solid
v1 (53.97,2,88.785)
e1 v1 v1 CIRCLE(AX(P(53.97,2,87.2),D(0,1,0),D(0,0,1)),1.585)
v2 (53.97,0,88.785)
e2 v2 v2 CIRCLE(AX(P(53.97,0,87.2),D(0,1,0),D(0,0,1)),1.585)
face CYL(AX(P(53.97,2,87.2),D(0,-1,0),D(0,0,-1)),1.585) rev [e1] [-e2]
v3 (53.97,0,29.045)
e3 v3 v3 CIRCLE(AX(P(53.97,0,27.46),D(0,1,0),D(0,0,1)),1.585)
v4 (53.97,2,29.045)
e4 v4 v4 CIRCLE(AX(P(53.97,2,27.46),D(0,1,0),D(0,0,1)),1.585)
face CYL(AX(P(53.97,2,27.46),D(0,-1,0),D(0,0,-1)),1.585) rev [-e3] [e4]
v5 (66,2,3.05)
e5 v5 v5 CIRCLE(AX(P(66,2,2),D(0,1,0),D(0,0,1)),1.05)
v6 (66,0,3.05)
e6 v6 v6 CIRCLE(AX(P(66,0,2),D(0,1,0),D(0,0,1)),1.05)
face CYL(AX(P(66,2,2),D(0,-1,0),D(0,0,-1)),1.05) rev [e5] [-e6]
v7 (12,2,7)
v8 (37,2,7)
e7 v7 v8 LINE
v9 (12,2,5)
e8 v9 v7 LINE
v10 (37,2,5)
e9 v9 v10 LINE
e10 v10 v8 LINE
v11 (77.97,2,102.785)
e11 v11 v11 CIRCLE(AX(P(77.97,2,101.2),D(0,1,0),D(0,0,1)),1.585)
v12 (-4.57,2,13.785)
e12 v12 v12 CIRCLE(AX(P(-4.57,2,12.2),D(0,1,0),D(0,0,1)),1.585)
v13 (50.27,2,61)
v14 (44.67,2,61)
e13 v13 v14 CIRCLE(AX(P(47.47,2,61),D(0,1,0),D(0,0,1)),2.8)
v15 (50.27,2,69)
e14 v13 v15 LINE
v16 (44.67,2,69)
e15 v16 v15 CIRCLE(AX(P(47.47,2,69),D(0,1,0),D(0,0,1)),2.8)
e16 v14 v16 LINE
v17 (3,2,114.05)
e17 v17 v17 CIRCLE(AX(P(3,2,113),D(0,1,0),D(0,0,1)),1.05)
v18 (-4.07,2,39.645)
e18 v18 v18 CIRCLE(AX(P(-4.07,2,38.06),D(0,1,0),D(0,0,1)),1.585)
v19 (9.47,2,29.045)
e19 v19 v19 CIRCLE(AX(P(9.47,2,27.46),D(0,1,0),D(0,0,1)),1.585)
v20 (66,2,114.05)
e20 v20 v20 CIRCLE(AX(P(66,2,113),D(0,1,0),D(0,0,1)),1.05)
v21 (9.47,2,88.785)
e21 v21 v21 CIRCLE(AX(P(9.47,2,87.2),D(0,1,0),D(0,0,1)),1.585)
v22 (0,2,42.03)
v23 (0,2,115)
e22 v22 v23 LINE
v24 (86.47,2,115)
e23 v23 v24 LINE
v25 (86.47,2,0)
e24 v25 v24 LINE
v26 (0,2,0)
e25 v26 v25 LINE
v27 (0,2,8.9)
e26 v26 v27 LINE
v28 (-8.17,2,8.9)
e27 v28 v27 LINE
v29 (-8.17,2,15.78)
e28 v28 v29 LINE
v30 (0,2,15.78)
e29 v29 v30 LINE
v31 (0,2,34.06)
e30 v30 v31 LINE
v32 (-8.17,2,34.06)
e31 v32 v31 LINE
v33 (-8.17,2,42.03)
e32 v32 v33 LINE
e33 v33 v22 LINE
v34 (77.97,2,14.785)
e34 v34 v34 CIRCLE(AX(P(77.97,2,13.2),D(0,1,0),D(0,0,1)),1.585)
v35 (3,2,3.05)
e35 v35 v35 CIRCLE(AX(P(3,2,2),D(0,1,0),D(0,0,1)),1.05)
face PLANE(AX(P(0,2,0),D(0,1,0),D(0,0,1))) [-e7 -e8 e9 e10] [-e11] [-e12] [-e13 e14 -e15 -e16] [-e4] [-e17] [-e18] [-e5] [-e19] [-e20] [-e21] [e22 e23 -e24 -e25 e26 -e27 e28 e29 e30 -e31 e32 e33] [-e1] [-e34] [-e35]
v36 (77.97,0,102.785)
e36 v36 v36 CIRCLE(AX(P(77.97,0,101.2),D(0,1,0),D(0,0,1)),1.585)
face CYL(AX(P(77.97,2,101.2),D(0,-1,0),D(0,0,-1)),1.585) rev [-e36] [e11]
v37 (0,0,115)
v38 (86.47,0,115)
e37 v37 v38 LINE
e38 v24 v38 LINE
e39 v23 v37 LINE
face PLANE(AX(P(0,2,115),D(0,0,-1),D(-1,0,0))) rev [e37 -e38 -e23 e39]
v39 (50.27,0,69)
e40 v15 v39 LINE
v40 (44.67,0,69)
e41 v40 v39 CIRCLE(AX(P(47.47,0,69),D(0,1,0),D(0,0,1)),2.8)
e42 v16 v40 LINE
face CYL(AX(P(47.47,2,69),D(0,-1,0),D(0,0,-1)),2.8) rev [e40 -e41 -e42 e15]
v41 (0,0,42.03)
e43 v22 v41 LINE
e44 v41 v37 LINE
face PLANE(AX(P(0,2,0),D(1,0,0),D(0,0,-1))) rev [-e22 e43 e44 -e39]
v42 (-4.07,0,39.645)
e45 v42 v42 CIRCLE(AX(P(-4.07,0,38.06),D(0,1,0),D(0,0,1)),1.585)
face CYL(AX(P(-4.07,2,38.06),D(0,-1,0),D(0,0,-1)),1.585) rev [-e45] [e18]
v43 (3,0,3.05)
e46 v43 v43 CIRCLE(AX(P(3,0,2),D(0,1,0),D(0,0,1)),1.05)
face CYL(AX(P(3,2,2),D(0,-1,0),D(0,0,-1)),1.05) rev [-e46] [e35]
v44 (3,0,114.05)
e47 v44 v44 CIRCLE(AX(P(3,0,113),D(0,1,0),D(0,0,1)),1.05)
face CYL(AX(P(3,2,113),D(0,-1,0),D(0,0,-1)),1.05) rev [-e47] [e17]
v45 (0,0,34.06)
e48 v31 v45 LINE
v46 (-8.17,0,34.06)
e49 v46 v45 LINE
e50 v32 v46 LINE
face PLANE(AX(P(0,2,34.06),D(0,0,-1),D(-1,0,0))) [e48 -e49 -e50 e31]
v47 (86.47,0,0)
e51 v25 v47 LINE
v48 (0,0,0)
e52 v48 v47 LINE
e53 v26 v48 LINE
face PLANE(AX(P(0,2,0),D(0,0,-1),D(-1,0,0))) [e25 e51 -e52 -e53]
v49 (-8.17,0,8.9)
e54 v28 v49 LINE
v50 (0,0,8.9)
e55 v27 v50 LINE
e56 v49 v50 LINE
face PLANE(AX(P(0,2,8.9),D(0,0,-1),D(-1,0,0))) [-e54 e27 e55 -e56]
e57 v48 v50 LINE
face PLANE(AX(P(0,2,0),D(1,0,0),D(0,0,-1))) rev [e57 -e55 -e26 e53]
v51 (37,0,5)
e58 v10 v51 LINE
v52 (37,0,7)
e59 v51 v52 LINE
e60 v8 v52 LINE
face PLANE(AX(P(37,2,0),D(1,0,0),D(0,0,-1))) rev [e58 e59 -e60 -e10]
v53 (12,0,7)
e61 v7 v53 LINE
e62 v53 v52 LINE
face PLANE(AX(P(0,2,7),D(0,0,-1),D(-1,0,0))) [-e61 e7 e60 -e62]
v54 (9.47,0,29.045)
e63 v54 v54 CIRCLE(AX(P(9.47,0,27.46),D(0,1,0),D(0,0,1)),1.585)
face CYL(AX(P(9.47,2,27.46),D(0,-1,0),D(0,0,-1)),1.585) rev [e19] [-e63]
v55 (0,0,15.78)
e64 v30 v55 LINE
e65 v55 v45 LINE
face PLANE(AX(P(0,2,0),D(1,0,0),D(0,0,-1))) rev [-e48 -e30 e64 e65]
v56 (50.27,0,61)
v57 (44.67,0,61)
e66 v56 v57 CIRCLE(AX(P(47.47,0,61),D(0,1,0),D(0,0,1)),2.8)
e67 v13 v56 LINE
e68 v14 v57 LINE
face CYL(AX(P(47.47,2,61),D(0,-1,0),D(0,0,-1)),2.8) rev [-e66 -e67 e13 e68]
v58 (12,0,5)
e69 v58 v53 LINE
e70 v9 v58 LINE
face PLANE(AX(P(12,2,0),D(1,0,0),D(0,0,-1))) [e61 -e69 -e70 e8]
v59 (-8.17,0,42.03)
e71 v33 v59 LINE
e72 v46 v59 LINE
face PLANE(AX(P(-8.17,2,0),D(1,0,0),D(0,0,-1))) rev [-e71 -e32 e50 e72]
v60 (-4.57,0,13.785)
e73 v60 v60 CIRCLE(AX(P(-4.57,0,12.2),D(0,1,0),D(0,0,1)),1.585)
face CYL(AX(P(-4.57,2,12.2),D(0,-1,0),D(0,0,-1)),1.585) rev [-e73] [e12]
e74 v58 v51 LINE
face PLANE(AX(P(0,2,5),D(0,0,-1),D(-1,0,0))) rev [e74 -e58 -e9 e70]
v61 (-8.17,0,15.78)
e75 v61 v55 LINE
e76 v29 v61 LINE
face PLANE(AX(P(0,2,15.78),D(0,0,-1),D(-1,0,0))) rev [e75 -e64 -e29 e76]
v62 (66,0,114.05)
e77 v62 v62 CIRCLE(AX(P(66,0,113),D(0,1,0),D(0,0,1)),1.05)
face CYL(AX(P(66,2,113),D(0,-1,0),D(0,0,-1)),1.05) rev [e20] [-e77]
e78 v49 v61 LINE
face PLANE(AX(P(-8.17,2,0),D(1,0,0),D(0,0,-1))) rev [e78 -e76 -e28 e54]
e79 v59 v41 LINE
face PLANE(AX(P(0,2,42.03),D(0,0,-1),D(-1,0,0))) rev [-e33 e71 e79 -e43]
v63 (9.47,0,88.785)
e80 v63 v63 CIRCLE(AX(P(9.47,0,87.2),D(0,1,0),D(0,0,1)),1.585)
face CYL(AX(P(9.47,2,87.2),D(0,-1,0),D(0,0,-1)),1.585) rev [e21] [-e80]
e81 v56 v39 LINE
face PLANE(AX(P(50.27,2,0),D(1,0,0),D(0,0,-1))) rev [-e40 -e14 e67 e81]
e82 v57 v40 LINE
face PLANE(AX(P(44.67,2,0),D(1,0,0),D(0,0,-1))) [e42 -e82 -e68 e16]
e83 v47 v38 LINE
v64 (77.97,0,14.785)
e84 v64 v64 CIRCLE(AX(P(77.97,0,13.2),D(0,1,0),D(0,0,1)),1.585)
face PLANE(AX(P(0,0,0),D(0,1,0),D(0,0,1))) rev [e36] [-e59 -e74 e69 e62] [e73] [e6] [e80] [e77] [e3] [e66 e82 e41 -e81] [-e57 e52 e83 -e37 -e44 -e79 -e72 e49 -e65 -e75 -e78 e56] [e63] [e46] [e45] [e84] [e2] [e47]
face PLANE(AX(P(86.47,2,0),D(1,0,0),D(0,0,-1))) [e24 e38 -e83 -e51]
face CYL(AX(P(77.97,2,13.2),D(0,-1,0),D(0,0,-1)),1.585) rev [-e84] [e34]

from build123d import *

# Parameters (mm, degrees)
SKETCH_1_R      = 1.05
SKETCH_1_R_2    = 1.585
SKETCH_1_W      = 25
SKETCH_1_H      = 2
EXTRUDE_1_DEPTH = 2


with BuildPart() as part:
    # 草图1 → 凸台-拉伸1 (new body)
    with BuildSketch(Plane(origin=(0, 0, 0), x_dir=(1, 0, 0), z_dir=(0, 1, 0))):
        Polygon((86.47, 0), (0, 0), (0, -8.9), (-8.17, -8.9), (-8.17, -15.78), (0, -15.78), (0, -34.06), (-8.17, -34.06), (-8.17, -42.03), (0, -42.03), (0, -115), (86.47, -115), align=None)
        with Locations(Location((3, -113, 0), (0, 0, 270))):
            Circle(SKETCH_1_R, mode=Mode.SUBTRACT)
        with Locations(Location((9.47, -87.2, 0), (0, 0, 270))):
            Circle(SKETCH_1_R_2, mode=Mode.SUBTRACT)
        with Locations(Location((53.97, -87.2, 0), (0, 0, 270))):
            Circle(SKETCH_1_R_2, mode=Mode.SUBTRACT)
        with Locations(Location((66, -113, 0), (0, 0, 270))):
            Circle(SKETCH_1_R, mode=Mode.SUBTRACT)
        with Locations(Location((77.97, -101.2, 0), (0, 0, 270))):
            Circle(SKETCH_1_R_2, mode=Mode.SUBTRACT)
        with BuildLine():
            ThreePointArc((44.67, -61), (47.47, -58.2), (50.27, -61))
            Line((50.27, -61), (50.27, -69))
            ThreePointArc((50.27, -69), (47.47, -71.8), (44.67, -69))
            Line((44.67, -69), (44.67, -61))
        make_face(mode=Mode.SUBTRACT)
        with Locations(Location((9.47, -27.46, 0), (0, 0, 270))):
            Circle(SKETCH_1_R_2, mode=Mode.SUBTRACT)
        with Locations(Location((3, -2, 0), (0, 0, 270))):
            Circle(SKETCH_1_R, mode=Mode.SUBTRACT)
        with Locations((24.5, -6)):
            Rectangle(SKETCH_1_W, SKETCH_1_H, mode=Mode.SUBTRACT)
        with Locations(Location((53.97, -27.46, 0), (0, 0, 270))):
            Circle(SKETCH_1_R_2, mode=Mode.SUBTRACT)
        with Locations(Location((66, -2, 0), (0, 0, 270))):
            Circle(SKETCH_1_R, mode=Mode.SUBTRACT)
        with Locations(Location((77.97, -13.2, 0), (0, 0, 270))):
            Circle(SKETCH_1_R_2, mode=Mode.SUBTRACT)
        with Locations(Location((-4.57, -12.2, 0), (0, 0, 270))):
            Circle(SKETCH_1_R_2, mode=Mode.SUBTRACT)
        with Locations(Location((-4.07, -38.06, 0), (0, 0, 270))):
            Circle(SKETCH_1_R_2, mode=Mode.SUBTRACT)
    extrude(amount=EXTRUDE_1_DEPTH)


solid = part.part
